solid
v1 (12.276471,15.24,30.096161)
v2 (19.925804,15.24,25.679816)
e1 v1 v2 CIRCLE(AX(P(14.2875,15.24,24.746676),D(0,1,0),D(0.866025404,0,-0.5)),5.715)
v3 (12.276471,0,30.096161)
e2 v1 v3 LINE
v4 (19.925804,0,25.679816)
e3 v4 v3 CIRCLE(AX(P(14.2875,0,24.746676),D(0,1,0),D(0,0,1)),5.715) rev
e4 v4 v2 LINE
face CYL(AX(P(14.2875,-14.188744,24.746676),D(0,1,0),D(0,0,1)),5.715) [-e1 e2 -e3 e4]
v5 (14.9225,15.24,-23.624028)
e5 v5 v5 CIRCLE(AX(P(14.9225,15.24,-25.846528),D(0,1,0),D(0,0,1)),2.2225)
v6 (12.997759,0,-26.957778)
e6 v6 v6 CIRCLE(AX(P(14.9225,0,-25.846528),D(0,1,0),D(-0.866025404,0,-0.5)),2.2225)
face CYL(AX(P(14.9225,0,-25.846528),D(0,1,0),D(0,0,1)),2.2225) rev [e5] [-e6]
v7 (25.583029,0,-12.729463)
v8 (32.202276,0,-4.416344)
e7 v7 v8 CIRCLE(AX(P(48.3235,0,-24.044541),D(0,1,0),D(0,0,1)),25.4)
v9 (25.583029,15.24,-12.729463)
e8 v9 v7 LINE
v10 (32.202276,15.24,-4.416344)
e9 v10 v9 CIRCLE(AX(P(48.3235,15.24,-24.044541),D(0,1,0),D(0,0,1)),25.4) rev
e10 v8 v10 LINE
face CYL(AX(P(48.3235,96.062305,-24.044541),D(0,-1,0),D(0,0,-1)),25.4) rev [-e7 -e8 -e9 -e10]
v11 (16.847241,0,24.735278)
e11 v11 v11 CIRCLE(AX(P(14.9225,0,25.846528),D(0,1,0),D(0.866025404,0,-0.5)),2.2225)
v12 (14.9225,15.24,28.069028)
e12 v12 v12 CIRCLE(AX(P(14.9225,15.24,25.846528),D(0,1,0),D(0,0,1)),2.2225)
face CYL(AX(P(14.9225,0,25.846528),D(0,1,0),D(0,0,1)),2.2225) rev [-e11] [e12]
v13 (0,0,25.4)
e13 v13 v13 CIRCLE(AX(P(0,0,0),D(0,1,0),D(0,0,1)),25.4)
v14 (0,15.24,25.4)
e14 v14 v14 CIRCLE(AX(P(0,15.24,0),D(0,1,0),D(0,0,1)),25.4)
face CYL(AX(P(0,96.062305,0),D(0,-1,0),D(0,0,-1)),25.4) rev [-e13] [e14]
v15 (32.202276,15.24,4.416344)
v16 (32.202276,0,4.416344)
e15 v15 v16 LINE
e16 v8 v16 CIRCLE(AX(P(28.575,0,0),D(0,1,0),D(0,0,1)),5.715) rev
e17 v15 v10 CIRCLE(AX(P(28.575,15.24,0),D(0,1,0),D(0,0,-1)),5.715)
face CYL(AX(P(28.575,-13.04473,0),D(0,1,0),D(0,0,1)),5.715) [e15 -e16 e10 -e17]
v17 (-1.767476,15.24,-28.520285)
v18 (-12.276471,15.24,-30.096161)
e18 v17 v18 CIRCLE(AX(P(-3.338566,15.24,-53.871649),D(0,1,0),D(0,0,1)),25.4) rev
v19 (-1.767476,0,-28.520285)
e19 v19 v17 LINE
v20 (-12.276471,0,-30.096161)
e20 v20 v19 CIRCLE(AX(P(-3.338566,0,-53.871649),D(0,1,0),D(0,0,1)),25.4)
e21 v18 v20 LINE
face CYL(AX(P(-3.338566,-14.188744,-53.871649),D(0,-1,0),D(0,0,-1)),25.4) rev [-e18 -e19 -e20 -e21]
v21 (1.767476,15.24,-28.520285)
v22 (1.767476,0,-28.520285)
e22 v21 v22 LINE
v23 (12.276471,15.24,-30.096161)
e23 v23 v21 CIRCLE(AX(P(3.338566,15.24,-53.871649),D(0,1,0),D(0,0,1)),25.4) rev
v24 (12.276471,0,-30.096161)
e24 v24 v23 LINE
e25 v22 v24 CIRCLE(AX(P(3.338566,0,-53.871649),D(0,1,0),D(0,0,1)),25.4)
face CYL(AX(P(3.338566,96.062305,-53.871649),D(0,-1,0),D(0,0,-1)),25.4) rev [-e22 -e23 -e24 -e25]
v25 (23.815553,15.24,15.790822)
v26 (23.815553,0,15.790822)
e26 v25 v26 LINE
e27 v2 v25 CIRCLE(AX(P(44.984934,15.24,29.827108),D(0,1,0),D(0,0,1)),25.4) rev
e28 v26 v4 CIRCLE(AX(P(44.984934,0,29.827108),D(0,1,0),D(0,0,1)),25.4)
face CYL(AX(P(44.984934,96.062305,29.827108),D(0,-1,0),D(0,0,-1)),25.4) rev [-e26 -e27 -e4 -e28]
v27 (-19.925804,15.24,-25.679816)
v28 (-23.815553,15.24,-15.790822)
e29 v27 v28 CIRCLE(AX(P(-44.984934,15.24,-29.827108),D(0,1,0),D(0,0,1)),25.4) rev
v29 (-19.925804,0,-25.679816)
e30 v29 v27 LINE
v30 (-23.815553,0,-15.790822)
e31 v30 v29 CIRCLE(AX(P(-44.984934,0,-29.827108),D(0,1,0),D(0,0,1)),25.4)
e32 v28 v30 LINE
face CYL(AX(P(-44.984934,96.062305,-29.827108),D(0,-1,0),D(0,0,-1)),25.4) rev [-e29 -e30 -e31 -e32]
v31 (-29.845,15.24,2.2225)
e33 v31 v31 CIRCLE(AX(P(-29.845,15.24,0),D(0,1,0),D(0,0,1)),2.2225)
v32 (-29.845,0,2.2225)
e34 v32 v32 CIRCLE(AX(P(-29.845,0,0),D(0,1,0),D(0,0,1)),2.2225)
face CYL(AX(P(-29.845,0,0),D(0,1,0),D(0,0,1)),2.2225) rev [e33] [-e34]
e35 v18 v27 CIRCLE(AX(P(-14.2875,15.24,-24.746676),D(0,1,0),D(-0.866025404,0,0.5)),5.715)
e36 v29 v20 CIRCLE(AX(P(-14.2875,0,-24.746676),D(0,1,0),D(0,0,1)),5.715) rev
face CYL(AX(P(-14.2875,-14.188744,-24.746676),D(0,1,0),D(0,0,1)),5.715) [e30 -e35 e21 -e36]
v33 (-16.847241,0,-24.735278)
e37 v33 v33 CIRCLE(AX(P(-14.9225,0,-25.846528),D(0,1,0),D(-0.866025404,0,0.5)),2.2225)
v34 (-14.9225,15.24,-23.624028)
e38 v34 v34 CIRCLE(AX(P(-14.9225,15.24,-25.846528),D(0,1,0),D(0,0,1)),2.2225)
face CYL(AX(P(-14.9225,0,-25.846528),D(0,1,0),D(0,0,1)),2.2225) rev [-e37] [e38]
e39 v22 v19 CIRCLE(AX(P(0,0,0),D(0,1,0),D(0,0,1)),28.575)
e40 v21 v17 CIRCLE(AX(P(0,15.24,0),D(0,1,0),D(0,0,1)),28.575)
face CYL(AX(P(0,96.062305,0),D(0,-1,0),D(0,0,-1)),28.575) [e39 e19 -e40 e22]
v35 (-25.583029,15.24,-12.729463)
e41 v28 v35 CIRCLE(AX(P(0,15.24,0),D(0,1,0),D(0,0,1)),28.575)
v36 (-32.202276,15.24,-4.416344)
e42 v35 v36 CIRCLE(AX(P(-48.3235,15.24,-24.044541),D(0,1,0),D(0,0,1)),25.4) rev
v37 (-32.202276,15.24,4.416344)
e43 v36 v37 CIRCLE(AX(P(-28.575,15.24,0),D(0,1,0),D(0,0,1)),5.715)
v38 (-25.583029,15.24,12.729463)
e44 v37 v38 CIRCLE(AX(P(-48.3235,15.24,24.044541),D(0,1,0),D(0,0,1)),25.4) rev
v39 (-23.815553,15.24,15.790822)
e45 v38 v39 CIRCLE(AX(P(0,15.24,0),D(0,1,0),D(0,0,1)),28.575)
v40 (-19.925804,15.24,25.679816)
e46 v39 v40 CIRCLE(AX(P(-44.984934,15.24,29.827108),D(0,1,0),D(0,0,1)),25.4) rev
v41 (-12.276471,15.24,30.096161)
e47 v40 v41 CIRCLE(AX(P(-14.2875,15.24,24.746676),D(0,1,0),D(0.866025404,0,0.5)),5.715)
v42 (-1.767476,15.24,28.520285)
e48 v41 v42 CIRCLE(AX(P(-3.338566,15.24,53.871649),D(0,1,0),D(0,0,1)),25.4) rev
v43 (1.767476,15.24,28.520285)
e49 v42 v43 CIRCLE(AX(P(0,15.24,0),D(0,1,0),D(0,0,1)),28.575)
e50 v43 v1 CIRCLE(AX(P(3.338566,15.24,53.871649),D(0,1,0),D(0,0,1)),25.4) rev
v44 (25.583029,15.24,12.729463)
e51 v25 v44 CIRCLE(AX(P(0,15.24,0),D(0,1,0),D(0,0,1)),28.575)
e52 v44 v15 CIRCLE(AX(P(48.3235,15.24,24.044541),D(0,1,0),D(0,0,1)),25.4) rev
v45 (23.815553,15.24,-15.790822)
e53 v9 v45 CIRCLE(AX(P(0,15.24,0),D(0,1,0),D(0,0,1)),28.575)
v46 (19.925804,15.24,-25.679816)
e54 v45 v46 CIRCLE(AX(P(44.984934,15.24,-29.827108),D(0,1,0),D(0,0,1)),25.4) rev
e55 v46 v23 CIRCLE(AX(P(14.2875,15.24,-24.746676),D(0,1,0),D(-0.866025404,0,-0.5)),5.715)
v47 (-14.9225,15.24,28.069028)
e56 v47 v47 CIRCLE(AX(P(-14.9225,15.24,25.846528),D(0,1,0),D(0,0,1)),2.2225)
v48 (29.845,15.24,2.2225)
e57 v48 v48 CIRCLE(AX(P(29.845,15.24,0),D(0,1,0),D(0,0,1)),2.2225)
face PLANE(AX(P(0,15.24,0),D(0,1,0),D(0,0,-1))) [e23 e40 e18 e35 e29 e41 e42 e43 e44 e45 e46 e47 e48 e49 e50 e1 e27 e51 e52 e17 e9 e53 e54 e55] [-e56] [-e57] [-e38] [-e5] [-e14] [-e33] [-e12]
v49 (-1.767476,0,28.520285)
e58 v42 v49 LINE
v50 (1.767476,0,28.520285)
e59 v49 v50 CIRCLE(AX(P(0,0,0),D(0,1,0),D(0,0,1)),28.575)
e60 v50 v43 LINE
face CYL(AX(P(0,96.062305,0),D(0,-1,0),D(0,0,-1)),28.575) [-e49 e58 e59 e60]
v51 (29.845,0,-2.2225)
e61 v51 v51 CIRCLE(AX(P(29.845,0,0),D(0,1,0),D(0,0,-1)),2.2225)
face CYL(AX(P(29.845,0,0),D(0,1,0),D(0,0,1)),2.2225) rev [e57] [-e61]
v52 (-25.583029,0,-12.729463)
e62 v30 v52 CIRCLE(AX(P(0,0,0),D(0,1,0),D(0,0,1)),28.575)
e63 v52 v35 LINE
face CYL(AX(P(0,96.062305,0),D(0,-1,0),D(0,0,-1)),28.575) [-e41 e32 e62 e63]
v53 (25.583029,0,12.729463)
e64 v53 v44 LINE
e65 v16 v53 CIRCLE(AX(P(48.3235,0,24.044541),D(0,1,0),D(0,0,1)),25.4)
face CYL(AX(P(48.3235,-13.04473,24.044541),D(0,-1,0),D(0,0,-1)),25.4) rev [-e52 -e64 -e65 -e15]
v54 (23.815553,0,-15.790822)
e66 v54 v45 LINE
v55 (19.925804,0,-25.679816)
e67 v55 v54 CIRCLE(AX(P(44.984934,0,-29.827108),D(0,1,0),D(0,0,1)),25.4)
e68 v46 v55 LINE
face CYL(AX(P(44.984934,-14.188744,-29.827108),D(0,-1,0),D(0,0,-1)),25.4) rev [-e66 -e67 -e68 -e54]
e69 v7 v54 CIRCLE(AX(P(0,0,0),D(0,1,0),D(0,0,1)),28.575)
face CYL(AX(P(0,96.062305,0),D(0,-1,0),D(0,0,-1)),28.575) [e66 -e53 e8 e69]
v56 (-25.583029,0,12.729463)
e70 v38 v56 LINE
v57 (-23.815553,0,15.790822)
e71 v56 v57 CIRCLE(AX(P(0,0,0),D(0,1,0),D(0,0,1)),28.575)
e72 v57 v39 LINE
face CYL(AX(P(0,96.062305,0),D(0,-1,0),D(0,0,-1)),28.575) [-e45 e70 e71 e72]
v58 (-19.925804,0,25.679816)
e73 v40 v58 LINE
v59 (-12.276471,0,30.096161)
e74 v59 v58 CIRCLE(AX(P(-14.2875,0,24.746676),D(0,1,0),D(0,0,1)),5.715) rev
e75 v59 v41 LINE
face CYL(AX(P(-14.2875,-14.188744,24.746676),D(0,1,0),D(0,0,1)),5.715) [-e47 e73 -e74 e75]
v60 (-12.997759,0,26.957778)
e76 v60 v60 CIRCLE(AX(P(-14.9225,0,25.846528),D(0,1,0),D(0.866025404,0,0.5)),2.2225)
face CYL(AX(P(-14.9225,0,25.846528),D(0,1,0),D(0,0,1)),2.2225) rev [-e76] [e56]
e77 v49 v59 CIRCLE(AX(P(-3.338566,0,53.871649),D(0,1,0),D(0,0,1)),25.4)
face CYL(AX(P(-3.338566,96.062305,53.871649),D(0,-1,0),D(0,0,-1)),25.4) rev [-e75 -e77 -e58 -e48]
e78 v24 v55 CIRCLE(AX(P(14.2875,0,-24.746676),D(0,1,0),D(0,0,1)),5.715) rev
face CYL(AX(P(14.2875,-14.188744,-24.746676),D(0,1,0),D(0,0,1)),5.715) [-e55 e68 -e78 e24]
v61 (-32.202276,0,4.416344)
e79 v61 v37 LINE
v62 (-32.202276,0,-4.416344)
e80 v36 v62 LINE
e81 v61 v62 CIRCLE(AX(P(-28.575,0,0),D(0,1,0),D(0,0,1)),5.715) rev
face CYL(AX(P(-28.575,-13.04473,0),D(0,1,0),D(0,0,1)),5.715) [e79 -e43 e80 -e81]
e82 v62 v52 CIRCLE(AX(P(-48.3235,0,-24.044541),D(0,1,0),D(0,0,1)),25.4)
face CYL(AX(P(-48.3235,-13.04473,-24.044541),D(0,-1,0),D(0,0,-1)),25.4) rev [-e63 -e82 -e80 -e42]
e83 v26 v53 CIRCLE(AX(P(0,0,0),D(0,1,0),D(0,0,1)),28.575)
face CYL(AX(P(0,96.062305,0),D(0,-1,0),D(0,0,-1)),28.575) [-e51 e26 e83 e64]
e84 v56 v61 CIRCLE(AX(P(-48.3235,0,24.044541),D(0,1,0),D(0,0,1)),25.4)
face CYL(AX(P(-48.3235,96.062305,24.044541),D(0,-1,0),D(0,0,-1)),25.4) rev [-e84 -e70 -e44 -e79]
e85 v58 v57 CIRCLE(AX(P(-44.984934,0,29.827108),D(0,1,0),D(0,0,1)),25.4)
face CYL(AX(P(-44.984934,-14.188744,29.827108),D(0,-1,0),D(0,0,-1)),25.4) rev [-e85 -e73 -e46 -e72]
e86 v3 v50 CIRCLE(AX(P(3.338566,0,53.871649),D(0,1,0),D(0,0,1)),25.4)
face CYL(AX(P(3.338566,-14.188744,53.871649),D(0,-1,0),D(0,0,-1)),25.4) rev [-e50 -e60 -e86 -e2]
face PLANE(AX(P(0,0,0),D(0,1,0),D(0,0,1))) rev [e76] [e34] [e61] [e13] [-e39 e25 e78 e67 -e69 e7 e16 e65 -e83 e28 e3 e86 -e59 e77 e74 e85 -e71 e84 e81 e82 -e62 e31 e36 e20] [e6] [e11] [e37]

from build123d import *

# Parameters (mm, degrees)
SKETCH1_R                = 28.575
SKETCH1_R_2              = 25.4
BOSS_EXTRUDE1_DEPTH      = 15.24
BOSS_EXTRUDE2_START      = -15.24
BOSS_EXTRUDE2_DEPTH      = 15.24
FILLET1_R                = 25.4
CIRPATTERN1_COUNT        = 6
FILLET1_OF_CIRPATTERN1_R = 25.4
SKETCH3_R                = 2.2225
CUT_EXTRUDE1_DEPTH       = 49.331929565
CIRPATTERN2_COUNT        = 6


with BuildPart() as part:
    # Sketch1 → Boss-Extrude1 (new body)
    with BuildSketch(Plane(origin=(0, 0, 0), x_dir=(1, 0, 0), z_dir=(0, 1, 0))):
        with Locations(Location((0, 0, 0), (0, 0, 270))):
            Circle(SKETCH1_R)
        with Locations(Location((0, 0, 0), (0, 0, 270))):
            Circle(SKETCH1_R_2, mode=Mode.SUBTRACT)
    extrude(amount=BOSS_EXTRUDE1_DEPTH)

    # Sketch2 → Boss-Extrude2 (add)
    with BuildSketch(Plane(origin=(0, 15.24, 0), x_dir=(1, 0, 0), z_dir=(0, 1, 0)).offset(BOSS_EXTRUDE2_START)):
        with BuildLine():
            ThreePointArc((-28.0035, 5.686353203), (-34.29, 0), (-28.0035, -5.686353203))
            ThreePointArc((-28.0035, -5.686353203), (-28.575, 0), (-28.0035, 5.686353203))
        make_face()
    boss_extrude2 = extrude(amount=BOSS_EXTRUDE2_DEPTH)

    # Fillet1
    fillet1_edges = [part.edges().sort_by_distance(p)[0] for p in [
        (-28.0035, 7.62, -5.686353203),
        (-28.0035, 7.62, 5.686353203),
    ]]
    fillet(fillet1_edges, radius=FILLET1_R)

    # CirPattern1: Boss-Extrude2 ×6 about axis
    cirpattern1_axis = Axis((0, 0, 0), (0, 1, 0))
    for i in range(1, CIRPATTERN1_COUNT):
        add(boss_extrude2.rotate(cirpattern1_axis, i * 360 / CIRPATTERN1_COUNT))

    # Fillet1 of CirPattern1
    fillet1_of_cirpattern1_edges = [part.edges().sort_by_distance(p)[0] for p in [
        (-18.926276329, 7.62, 21.408565793),
        (-9.077223671, 7.62, 27.094918996),
        (9.077223671, 7.62, 27.094918996),
        (18.926276329, 7.62, 21.408565793),
        (28.0035, 7.62, 5.686353203),
        (28.0035, 7.62, -5.686353203),
        (18.926276329, 7.62, -21.408565793),
        (9.077223671, 7.62, -27.094918996),
        (-9.077223671, 7.62, -27.094918996),
        (-18.926276329, 7.62, -21.408565793),
    ]]
    fillet(fillet1_of_cirpattern1_edges, radius=FILLET1_OF_CIRPATTERN1_R)

    # Sketch3 → Cut-Extrude1 (cut, symmetric)
    with BuildSketch(Plane(origin=(0, 15.24, 0), x_dir=(1, 0, 0), z_dir=(0, 1, 0))):
        with Locations(Location((-29.845, 0, 0), (0, 0, 270))):
            Circle(SKETCH3_R)
    cut_extrude1 = extrude(amount=CUT_EXTRUDE1_DEPTH, both=True, mode=Mode.SUBTRACT)

    # CirPattern2: Cut-Extrude1 ×6 about axis
    cirpattern2_axis = Axis((0, 0, 0), (0, 1, 0))
    for i in range(1, CIRPATTERN2_COUNT):
        add(cut_extrude1.rotate(cirpattern2_axis, i * 360 / CIRPATTERN2_COUNT), mode=Mode.SUBTRACT)


solid = part.part
